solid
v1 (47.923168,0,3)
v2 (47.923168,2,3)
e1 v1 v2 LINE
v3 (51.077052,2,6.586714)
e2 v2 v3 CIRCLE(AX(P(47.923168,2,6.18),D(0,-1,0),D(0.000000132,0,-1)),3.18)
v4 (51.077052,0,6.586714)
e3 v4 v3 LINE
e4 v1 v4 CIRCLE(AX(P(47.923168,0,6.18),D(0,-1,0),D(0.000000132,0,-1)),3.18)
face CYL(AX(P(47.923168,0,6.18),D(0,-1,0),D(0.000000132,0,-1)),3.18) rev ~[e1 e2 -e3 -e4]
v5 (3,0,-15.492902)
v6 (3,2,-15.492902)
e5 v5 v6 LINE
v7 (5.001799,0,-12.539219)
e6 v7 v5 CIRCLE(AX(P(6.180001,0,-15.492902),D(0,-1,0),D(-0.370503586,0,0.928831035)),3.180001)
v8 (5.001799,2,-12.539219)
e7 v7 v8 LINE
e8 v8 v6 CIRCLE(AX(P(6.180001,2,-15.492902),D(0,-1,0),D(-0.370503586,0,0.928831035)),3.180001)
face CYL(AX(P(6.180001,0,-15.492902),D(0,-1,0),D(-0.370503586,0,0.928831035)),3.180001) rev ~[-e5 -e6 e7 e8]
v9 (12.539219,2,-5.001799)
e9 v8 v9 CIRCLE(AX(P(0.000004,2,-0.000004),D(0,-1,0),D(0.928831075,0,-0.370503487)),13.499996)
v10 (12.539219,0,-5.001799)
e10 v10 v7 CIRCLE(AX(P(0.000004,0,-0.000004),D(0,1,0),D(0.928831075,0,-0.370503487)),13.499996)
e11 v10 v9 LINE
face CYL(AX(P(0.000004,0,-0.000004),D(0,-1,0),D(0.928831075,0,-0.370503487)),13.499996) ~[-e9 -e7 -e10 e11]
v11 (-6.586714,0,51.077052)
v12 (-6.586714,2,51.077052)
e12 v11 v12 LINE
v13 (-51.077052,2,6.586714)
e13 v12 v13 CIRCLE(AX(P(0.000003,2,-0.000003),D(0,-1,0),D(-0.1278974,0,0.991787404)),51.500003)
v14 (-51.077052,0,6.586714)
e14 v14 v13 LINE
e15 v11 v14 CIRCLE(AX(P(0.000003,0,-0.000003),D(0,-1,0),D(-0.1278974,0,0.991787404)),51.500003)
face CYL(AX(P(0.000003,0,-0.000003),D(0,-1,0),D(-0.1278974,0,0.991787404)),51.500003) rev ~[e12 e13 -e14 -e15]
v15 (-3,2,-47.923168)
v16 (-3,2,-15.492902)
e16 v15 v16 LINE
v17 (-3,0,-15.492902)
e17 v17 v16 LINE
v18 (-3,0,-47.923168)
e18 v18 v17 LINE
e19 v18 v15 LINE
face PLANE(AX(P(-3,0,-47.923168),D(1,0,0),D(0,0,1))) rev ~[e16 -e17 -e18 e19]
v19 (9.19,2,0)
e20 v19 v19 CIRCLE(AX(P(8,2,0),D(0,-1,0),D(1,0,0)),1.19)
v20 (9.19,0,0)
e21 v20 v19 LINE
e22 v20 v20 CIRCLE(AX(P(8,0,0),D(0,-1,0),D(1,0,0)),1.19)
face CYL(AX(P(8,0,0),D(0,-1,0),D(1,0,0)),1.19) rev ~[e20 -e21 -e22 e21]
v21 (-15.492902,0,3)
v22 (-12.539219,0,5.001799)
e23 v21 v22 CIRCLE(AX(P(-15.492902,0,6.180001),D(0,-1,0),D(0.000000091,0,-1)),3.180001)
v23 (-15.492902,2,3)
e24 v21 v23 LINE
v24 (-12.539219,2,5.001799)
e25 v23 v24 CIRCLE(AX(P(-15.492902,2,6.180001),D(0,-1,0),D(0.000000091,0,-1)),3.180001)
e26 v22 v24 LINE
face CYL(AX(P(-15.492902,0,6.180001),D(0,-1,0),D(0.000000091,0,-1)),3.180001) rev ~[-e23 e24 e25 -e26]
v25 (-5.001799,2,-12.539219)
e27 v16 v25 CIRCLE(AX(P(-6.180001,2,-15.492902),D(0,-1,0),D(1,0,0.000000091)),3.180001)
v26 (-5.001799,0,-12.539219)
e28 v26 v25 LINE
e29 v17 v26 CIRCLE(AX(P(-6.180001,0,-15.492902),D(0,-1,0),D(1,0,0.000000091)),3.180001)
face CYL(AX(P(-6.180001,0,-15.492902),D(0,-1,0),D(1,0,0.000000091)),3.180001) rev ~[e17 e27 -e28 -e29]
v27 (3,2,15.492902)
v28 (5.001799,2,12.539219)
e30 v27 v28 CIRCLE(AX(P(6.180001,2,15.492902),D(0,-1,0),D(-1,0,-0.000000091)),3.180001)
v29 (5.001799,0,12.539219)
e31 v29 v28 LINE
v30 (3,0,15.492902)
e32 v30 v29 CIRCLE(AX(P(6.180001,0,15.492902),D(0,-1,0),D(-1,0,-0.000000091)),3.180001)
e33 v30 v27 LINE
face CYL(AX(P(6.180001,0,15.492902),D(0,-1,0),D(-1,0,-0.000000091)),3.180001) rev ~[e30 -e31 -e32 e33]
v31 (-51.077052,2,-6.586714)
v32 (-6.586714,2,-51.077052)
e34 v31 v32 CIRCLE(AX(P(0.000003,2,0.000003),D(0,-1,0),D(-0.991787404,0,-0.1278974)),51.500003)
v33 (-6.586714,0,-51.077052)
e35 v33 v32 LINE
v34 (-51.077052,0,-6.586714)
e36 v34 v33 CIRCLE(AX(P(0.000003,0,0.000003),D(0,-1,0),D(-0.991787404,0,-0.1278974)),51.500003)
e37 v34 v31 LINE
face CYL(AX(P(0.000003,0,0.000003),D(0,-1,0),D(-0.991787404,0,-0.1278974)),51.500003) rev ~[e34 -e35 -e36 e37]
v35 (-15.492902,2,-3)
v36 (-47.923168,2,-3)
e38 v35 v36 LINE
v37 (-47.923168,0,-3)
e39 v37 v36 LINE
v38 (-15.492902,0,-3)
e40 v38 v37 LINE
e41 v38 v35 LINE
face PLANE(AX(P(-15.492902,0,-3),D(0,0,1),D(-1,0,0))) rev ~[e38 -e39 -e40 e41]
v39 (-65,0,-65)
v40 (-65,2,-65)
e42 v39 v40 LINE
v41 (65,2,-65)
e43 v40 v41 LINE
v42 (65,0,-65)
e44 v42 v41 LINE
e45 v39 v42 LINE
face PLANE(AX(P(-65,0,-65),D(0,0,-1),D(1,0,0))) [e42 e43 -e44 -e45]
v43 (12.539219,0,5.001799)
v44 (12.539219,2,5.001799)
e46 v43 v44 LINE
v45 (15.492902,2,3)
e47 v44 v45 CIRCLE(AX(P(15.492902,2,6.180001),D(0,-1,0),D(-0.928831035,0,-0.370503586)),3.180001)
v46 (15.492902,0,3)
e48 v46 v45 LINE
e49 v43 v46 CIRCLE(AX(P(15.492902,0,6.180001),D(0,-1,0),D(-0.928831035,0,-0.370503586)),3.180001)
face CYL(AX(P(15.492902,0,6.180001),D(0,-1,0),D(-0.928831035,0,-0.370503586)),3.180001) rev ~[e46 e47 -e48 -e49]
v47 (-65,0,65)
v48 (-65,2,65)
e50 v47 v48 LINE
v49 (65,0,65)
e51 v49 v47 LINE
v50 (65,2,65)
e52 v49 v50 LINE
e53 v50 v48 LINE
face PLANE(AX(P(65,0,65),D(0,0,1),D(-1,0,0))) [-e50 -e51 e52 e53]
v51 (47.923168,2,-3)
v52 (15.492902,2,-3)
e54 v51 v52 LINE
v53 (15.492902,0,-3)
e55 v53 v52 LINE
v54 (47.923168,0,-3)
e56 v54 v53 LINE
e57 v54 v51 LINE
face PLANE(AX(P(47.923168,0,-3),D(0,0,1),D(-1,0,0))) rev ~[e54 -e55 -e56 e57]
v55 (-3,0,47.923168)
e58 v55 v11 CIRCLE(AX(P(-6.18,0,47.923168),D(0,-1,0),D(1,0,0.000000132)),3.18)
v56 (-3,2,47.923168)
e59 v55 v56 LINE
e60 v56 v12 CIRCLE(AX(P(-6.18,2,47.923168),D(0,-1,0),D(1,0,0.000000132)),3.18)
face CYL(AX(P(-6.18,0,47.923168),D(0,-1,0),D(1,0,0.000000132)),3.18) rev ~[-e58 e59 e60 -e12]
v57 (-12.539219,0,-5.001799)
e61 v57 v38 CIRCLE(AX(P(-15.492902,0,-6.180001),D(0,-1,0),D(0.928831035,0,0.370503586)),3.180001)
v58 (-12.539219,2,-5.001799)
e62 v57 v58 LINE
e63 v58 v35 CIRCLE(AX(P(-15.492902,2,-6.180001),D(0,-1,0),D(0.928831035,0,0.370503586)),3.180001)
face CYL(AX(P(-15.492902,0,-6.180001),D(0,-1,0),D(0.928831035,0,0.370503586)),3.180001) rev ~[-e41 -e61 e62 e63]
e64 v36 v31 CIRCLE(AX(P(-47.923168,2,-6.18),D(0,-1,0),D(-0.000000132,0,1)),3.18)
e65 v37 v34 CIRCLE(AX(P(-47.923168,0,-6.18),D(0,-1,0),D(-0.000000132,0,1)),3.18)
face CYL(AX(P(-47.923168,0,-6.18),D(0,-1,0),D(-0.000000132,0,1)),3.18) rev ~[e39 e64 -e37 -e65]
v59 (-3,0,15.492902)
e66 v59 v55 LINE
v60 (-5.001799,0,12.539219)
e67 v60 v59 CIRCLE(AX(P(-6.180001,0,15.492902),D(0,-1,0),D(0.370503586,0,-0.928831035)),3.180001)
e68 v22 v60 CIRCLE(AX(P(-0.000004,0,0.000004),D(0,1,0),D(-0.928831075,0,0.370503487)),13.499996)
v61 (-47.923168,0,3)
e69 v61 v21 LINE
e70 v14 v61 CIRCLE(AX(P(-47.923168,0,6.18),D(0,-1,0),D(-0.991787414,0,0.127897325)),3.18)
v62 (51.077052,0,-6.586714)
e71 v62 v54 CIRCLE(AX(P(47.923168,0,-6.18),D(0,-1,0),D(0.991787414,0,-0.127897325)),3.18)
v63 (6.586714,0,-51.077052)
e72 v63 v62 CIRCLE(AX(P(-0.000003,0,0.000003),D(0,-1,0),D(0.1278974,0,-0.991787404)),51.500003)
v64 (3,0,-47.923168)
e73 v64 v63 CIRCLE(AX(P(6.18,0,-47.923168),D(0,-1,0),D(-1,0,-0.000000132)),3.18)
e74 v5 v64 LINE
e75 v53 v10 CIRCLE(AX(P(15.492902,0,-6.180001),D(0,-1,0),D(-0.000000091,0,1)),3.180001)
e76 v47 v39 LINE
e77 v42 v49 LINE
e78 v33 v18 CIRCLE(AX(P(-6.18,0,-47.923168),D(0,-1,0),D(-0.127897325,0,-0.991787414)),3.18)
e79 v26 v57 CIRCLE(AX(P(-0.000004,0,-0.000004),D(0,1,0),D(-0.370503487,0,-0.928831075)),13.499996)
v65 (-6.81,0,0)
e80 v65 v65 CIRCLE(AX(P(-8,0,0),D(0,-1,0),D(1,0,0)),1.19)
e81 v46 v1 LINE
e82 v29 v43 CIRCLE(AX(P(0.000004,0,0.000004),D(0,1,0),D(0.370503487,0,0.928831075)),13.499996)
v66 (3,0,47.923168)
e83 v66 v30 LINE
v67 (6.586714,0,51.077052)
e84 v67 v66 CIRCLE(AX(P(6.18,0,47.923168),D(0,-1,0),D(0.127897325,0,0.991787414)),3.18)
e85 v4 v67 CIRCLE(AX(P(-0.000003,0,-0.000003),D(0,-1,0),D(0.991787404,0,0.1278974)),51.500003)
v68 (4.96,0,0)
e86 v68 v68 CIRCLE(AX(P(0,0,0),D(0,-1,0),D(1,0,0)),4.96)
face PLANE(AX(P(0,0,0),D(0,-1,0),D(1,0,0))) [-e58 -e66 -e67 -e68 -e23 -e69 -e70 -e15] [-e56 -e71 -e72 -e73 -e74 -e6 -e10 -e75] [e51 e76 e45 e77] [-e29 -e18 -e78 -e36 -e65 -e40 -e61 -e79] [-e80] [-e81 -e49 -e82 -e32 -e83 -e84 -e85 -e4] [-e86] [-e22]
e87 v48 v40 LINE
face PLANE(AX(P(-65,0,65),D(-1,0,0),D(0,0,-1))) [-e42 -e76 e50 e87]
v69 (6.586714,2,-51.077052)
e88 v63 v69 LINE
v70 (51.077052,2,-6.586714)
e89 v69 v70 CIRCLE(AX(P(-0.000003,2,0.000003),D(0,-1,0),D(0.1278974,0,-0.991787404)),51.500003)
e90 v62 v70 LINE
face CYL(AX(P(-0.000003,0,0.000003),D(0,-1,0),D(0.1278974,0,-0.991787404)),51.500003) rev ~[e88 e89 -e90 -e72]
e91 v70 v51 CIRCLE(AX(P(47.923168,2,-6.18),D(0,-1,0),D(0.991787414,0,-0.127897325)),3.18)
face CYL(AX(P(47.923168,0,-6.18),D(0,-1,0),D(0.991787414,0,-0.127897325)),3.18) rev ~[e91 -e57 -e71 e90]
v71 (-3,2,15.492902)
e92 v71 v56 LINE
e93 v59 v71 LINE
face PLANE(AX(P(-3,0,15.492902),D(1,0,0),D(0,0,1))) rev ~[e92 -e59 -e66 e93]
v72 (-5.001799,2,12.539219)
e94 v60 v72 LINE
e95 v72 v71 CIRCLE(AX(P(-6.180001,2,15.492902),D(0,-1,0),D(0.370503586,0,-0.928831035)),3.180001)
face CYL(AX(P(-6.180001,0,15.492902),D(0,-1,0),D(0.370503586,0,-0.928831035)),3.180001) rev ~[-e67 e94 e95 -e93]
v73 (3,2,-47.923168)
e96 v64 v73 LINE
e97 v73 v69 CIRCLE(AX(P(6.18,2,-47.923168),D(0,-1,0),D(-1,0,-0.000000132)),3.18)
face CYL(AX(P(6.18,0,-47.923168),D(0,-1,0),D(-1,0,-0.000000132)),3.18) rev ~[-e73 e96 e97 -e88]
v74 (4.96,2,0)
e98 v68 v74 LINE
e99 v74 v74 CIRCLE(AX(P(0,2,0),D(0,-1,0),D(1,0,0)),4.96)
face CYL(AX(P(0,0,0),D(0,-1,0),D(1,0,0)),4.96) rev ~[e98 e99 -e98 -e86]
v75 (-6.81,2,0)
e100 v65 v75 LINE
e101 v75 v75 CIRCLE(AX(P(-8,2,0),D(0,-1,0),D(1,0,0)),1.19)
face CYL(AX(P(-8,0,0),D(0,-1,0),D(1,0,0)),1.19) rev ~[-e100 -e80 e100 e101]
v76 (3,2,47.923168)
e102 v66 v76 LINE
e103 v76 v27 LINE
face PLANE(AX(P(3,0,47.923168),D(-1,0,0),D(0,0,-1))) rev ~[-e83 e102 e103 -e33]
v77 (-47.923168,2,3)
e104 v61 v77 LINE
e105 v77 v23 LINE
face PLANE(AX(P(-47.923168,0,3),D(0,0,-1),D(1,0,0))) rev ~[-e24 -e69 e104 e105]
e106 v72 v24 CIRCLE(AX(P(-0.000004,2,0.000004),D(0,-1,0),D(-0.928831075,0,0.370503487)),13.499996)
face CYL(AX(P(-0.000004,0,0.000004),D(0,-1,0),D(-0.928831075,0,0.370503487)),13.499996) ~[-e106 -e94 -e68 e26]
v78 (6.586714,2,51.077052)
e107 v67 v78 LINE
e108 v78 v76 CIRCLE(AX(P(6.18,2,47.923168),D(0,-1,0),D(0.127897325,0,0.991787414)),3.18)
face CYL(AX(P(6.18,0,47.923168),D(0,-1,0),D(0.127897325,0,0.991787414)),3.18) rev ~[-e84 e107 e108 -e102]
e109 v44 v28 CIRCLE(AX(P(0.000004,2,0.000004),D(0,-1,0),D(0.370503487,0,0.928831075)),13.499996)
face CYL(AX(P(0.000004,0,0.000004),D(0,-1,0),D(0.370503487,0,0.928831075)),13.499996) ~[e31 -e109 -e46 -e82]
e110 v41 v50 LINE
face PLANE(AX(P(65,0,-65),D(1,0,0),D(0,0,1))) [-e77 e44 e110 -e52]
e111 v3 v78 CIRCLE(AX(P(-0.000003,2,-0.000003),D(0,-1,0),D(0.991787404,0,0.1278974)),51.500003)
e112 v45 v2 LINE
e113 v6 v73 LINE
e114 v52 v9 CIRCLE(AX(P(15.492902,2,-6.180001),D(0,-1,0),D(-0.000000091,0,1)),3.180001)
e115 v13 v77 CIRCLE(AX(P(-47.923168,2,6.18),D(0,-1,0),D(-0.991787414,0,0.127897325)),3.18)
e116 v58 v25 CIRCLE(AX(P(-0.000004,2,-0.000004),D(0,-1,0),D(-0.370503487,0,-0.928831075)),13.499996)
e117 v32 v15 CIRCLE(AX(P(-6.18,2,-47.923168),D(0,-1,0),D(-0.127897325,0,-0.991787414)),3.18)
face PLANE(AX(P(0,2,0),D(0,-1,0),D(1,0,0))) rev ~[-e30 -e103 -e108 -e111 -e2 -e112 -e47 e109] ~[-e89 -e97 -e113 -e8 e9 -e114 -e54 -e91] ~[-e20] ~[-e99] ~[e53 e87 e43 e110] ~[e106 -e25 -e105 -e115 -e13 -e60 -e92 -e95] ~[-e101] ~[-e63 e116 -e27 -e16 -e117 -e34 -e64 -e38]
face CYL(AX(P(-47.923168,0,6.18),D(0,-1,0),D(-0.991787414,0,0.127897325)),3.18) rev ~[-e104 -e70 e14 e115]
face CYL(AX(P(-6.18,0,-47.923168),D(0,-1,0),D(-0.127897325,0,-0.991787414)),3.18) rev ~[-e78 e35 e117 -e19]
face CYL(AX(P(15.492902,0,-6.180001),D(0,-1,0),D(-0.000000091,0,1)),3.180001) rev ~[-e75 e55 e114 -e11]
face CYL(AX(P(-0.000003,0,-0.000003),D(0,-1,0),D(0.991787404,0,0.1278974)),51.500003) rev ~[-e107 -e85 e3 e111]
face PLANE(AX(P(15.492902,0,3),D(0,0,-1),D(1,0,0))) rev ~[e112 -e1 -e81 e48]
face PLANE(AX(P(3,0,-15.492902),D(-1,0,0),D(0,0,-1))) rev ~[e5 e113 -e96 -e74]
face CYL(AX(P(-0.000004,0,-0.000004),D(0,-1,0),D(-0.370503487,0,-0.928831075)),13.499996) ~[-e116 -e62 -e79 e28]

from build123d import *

# Parameters (mm, degrees)
F1_DEPTH = 2
F2_R     = 1.19
F2_R_2   = 4.96
F3_DEPTH = 2.001


with BuildPart() as f1:
    # F0 (on Front) → F1 (new body)
    with BuildSketch(Plane.XZ):
        Polygon((65, 65), (0, 65), (-65, 65), (-65, -65), (0, -65), (65, -65), align=None)
    extrude(amount=-F1_DEPTH)

    # F2 (on Front) → F3 (cut, through all)
    with BuildSketch(Plane.XZ):
        with BuildLine():
            ThreePointArc((-3, 47.923168), (-4.080113, 50.311237), (-6.586714, 51.077052))
            ThreePointArc((-6.586714, 51.077052), (-36.415999, 36.415999), (-51.077052, 6.586714))
            ThreePointArc((-51.077052, 6.586714), (-50.311237, 4.080113), (-47.923168, 3))
            Line((-47.923168, 3), (-15.492902, 3))
            ThreePointArc((-15.492902, 3), (-13.708845, 3.547598), (-12.539219, 5.001799))
            ThreePointArc((-12.539219, 5.001799), (-9.545942, 9.545942), (-5.001799, 12.539219))
            ThreePointArc((-5.001799, 12.539219), (-3.547598, 13.708845), (-3, 15.492902))
            Line((-3, 15.492902), (-3, 47.923168))
        make_face()
        with BuildLine():
            ThreePointArc((6.586714, 51.077052), (4.080113, 50.311237), (3, 47.923168))
            Line((3, 47.923168), (3, 15.492902))
            ThreePointArc((3, 15.492902), (3.547598, 13.708845), (5.001799, 12.539219))
            ThreePointArc((5.001799, 12.539219), (9.545942, 9.545942), (12.539219, 5.001799))
            ThreePointArc((12.539219, 5.001799), (13.708845, 3.547598), (15.492902, 3))
            Line((15.492902, 3), (47.923168, 3))
            ThreePointArc((47.923168, 3), (50.311237, 4.080113), (51.077052, 6.586714))
            ThreePointArc((51.077052, 6.586714), (36.415999, 36.415999), (6.586714, 51.077052))
        make_face()
        with BuildLine():
            Line((-15.492902, -3), (-47.923168, -3))
            ThreePointArc((-47.923168, -3), (-50.311237, -4.080113), (-51.077052, -6.586714))
            ThreePointArc((-51.077052, -6.586714), (-36.415999, -36.415999), (-6.586714, -51.077052))
            ThreePointArc((-6.586714, -51.077052), (-4.080113, -50.311237), (-3, -47.923168))
            Line((-3, -47.923168), (-3, -15.492902))
            ThreePointArc((-3, -15.492902), (-3.547598, -13.708845), (-5.001799, -12.539219))
            ThreePointArc((-5.001799, -12.539219), (-9.545942, -9.545942), (-12.539219, -5.001799))
            ThreePointArc((-12.539219, -5.001799), (-13.708845, -3.547598), (-15.492902, -3))
        make_face()
        with BuildLine():
            ThreePointArc((5.001799, -12.539219), (3.547598, -13.708845), (3, -15.492902))
            Line((3, -15.492902), (3, -47.923168))
            ThreePointArc((3, -47.923168), (4.080113, -50.311237), (6.586714, -51.077052))
            ThreePointArc((6.586714, -51.077052), (36.415999, -36.415999), (51.077052, -6.586714))
            ThreePointArc((51.077052, -6.586714), (50.311237, -4.080113), (47.923168, -3))
            Line((47.923168, -3), (15.492902, -3))
            ThreePointArc((15.492902, -3), (13.708845, -3.547598), (12.539219, -5.001799))
            ThreePointArc((12.539219, -5.001799), (9.545942, -9.545942), (5.001799, -12.539219))
        make_face()
        with Locations((-8, 0)):
            Circle(F2_R)
        with Locations((8, 0)):
            Circle(F2_R)
        Circle(F2_R_2)
    extrude(amount=-F3_DEPTH, mode=Mode.SUBTRACT)


solid = f1.part
